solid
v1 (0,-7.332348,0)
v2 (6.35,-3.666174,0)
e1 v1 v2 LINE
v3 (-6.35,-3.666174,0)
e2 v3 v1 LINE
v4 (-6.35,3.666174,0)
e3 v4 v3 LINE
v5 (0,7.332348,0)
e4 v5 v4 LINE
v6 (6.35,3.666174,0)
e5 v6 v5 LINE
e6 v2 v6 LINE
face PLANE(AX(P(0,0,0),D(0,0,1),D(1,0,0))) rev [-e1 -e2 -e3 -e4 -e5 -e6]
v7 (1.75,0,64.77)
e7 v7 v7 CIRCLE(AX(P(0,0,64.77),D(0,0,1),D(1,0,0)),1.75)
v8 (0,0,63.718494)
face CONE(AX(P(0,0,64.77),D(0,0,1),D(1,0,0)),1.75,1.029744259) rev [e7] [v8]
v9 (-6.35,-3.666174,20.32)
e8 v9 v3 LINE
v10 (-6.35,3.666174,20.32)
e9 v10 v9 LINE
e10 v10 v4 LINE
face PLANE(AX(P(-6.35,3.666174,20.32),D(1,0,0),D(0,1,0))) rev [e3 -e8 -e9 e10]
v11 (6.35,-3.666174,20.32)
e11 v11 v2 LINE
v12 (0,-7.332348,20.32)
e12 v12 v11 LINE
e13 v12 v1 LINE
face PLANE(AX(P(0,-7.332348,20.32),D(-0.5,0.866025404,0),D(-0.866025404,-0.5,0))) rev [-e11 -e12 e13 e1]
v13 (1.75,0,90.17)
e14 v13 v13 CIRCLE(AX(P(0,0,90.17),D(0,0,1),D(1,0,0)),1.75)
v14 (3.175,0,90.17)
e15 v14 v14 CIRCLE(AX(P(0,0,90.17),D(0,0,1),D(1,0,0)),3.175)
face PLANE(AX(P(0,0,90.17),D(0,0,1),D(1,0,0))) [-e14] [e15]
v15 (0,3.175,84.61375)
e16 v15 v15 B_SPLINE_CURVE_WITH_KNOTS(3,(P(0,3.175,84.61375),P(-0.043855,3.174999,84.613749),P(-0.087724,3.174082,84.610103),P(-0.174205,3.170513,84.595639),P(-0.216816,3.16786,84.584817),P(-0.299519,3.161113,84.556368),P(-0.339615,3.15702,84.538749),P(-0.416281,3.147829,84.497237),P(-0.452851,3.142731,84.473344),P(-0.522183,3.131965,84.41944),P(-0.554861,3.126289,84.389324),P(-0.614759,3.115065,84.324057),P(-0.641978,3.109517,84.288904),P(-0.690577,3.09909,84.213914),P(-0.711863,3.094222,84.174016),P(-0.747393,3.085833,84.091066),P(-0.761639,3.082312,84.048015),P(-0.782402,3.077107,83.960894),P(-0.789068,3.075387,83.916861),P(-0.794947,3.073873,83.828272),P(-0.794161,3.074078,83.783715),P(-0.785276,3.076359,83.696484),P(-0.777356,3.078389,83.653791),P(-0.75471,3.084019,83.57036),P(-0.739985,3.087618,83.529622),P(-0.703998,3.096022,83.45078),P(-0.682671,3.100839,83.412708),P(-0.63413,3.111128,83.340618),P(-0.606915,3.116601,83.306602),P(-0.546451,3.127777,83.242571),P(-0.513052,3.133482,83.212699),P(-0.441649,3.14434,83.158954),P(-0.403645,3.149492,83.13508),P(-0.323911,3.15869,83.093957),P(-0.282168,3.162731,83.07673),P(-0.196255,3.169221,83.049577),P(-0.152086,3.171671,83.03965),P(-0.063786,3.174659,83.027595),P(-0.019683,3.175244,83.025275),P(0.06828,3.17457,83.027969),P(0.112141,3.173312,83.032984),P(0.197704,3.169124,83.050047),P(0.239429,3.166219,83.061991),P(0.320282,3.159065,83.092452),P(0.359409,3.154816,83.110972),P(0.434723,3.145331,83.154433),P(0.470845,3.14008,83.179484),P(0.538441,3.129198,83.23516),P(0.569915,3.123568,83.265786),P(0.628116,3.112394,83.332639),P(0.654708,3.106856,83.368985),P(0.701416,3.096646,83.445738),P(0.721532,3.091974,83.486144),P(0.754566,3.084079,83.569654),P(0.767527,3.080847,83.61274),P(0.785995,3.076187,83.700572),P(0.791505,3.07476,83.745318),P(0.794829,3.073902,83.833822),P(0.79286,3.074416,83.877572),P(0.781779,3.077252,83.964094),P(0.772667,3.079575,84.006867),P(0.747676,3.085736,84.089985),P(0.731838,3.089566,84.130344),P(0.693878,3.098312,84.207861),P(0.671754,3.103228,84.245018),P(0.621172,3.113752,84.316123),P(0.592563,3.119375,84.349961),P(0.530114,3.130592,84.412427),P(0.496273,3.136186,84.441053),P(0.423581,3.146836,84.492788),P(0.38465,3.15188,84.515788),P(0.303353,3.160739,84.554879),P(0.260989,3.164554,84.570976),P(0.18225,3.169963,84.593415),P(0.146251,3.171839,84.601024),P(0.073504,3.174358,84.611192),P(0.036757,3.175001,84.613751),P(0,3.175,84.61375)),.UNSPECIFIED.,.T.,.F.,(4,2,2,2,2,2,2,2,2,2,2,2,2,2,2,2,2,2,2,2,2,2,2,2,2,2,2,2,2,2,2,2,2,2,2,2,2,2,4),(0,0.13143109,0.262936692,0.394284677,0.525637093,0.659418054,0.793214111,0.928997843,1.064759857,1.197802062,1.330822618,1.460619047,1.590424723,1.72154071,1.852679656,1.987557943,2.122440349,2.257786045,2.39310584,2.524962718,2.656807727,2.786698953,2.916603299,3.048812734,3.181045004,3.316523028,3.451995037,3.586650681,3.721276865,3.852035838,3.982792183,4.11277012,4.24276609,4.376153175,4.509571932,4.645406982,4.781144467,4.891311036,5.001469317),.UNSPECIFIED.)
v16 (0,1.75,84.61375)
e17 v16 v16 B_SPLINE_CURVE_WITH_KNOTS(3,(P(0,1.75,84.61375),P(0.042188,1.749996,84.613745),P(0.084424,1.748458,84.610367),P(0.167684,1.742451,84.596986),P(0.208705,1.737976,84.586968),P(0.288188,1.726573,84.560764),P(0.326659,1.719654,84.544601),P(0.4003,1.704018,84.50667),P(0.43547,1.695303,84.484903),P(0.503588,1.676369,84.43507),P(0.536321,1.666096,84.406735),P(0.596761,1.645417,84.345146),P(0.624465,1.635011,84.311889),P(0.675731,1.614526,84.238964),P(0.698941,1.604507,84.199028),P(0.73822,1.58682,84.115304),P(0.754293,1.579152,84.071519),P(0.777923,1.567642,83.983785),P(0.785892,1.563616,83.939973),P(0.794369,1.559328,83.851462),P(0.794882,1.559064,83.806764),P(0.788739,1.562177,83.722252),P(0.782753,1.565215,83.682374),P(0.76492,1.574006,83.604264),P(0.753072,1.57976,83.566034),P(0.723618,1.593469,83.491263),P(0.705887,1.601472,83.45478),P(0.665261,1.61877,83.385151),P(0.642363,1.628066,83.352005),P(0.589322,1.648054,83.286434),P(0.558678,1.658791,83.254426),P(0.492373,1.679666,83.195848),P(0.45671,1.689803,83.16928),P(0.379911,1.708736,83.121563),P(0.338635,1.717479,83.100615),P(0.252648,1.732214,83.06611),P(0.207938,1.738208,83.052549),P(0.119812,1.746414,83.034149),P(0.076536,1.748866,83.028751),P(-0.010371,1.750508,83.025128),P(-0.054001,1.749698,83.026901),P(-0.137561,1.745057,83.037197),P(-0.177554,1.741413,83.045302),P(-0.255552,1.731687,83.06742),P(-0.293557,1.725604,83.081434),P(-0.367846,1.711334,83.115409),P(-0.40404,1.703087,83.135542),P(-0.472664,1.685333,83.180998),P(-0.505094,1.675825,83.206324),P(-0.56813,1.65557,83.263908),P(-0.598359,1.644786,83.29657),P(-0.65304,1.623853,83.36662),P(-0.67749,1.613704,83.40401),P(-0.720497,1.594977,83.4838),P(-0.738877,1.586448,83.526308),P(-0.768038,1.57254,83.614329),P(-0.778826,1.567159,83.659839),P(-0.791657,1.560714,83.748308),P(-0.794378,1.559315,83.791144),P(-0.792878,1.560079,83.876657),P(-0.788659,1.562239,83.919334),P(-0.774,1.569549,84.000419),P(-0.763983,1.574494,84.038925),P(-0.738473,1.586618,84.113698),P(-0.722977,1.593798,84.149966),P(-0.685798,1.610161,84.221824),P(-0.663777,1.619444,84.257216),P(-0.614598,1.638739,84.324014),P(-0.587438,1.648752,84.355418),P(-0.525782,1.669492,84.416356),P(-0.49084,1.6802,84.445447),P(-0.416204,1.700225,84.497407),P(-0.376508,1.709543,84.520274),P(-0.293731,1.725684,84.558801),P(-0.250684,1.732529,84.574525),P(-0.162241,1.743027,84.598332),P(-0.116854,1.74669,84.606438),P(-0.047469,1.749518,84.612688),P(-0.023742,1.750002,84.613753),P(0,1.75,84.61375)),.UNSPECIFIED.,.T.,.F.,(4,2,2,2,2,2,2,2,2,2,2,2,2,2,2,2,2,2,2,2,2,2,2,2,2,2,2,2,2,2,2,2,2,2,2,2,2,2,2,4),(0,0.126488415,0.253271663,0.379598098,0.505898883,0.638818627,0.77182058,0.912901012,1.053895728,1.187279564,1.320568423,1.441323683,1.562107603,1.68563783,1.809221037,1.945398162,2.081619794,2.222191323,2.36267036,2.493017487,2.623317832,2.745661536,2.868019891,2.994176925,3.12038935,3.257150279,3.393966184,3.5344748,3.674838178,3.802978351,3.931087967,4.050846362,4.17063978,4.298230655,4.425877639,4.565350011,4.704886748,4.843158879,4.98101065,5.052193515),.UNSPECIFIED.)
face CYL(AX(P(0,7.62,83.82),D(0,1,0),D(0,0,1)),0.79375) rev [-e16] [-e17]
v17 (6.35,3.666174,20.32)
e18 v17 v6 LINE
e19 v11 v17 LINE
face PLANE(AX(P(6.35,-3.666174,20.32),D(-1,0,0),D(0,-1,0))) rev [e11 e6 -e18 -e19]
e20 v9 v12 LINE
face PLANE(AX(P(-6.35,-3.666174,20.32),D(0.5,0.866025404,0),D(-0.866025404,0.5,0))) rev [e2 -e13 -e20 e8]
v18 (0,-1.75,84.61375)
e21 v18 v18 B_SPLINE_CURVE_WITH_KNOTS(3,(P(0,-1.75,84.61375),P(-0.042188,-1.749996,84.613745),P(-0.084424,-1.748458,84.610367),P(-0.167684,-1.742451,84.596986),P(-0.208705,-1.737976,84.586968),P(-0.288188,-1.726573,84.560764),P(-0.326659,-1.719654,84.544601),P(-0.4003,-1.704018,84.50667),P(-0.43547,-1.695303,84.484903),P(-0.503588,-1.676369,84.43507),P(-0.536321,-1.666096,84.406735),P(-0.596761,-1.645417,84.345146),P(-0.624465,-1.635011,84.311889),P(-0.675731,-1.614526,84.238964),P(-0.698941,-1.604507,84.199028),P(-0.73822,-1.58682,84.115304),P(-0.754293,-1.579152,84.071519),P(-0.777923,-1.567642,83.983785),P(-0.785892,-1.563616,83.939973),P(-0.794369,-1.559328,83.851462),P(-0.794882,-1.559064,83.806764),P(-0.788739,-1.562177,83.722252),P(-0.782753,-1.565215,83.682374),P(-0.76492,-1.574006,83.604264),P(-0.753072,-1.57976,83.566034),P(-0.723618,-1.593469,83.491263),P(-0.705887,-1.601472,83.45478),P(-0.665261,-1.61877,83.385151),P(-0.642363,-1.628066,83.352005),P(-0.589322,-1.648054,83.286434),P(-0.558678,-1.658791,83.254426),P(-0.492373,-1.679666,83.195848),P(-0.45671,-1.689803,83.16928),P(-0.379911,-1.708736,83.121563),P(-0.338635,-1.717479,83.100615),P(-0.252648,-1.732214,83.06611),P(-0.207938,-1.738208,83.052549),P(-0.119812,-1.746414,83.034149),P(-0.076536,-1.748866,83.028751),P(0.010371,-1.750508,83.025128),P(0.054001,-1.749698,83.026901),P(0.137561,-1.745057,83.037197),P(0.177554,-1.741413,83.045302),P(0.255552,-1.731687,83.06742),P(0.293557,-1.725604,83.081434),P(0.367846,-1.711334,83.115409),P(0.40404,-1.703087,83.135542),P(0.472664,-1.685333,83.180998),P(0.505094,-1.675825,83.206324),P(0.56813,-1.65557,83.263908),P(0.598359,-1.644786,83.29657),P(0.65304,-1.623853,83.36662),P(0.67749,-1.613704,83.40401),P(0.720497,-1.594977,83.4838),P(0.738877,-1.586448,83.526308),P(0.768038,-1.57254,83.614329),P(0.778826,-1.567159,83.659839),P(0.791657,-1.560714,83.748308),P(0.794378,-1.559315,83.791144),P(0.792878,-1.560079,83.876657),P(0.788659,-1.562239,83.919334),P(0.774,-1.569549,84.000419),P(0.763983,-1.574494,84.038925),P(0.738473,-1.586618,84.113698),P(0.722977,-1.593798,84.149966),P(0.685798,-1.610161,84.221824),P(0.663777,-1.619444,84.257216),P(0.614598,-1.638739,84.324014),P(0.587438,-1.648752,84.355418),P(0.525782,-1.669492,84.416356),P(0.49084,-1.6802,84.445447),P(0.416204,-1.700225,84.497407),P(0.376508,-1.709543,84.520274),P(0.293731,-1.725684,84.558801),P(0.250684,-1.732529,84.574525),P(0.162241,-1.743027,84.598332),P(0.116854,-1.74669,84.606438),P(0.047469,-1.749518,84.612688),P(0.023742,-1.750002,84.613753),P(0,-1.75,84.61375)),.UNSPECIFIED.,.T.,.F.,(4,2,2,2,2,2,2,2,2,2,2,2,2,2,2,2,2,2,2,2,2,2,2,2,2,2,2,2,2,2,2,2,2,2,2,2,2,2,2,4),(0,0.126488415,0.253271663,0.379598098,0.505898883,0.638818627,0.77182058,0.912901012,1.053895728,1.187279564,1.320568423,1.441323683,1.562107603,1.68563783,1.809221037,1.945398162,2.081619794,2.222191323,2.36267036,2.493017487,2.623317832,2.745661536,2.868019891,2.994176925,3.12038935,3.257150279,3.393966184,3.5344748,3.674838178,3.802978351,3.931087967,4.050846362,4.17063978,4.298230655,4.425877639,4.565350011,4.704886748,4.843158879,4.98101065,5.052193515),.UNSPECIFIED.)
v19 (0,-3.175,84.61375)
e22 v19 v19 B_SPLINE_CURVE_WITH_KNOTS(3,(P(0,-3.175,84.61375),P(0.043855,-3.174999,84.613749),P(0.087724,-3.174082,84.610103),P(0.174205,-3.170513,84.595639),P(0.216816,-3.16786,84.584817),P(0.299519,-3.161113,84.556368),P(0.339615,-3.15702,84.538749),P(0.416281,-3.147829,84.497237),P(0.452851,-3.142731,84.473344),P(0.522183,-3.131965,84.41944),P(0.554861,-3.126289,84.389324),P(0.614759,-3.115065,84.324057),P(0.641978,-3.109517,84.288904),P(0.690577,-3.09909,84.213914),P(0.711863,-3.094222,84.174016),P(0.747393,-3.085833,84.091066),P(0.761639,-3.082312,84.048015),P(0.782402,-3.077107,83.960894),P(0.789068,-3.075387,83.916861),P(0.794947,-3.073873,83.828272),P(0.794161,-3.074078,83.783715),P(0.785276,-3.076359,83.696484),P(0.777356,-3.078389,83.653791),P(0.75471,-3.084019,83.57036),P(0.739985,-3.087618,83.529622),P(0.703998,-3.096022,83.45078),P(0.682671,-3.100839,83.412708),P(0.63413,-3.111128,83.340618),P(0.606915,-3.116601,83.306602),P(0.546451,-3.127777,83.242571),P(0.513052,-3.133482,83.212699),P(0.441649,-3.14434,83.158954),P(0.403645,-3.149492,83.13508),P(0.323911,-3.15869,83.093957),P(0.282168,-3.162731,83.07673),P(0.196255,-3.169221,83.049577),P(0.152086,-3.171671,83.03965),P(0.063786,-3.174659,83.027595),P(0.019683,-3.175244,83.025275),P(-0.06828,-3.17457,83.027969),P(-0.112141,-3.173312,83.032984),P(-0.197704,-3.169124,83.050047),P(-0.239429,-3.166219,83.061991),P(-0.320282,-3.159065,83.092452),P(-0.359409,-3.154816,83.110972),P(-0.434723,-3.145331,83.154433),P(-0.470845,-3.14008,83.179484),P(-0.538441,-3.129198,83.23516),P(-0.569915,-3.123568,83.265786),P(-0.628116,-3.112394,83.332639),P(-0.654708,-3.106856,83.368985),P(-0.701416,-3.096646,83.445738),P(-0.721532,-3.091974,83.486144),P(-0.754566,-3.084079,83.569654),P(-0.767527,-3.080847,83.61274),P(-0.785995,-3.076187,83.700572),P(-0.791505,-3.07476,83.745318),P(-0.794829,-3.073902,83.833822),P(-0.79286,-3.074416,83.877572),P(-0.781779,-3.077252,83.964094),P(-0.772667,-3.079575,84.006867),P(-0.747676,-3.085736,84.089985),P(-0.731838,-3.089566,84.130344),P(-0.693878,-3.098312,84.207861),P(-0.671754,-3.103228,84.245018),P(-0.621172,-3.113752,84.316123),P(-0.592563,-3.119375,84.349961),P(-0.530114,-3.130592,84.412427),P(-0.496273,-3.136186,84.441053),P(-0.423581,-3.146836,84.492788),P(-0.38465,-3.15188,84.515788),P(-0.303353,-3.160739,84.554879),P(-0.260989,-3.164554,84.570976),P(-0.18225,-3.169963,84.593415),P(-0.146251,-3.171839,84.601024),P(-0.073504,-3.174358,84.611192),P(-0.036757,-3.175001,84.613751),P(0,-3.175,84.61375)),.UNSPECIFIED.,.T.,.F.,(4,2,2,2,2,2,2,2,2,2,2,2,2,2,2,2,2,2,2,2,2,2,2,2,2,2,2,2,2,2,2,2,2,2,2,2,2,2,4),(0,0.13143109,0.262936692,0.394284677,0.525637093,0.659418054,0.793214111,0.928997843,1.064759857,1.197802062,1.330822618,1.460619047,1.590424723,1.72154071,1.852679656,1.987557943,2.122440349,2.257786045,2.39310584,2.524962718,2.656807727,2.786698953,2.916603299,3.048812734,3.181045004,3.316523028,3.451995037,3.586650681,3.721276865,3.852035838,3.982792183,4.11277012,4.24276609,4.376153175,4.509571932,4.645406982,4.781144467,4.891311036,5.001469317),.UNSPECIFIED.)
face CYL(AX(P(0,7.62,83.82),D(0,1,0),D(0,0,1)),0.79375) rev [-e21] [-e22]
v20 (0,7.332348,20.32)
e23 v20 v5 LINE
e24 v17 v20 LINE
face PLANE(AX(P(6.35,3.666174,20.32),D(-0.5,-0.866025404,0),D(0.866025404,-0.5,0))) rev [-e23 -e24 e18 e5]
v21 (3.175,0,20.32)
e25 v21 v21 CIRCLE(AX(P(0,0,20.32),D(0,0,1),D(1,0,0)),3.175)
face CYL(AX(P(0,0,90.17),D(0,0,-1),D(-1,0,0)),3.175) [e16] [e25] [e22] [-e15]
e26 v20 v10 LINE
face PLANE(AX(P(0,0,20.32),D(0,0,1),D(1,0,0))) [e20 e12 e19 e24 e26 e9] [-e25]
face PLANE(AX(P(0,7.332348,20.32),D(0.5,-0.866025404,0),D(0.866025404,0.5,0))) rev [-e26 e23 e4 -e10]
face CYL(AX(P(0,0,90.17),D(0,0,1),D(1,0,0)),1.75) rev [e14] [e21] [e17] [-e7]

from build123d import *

# Parameters (mm, degrees)
BOSS_EXTRUDE1_DEPTH            = 20.32
SKETCH2_R                      = 3.175
BOSS_EXTRUDE2_DEPTH            = 69.85
F_3_5_3_5_DIAMETER_HOLE1_D     = 3.5
F_3_5_3_5_DIAMETER_HOLE1_DEPTH = 25.4
F_3_5_3_5_DIAMETER_HOLE1_TIP   = 1.051506083
F_1_16_0_0625_DIAMETER_HOLE1_D = 1.5875


with BuildPart() as part:
    # Sketch1 → Boss-Extrude1 (new body)
    with BuildSketch(Plane.XY):
        Polygon((0, 7.332348419), (-6.35, 3.666174209), (-6.35, -3.666174209), (0, -7.332348419), (6.35, -3.666174209), (6.35, 3.666174209), align=None)
    extrude(amount=BOSS_EXTRUDE1_DEPTH)

    # Sketch2 → Boss-Extrude2 (add)
    with BuildSketch(Plane.XY.offset(20.32)):
        Circle(SKETCH2_R)
    extrude(amount=BOSS_EXTRUDE2_DEPTH)

    # Ø3.5 (3.5) Diameter Hole1
    with Locations(Plane.XY.offset(90.17)):
        with Locations((0, 0)):
            Hole(F_3_5_3_5_DIAMETER_HOLE1_D / 2, depth=F_3_5_3_5_DIAMETER_HOLE1_DEPTH)
            with Locations((0, 0, -(F_3_5_3_5_DIAMETER_HOLE1_DEPTH + F_3_5_3_5_DIAMETER_HOLE1_TIP / 2))):  # 118° drill point
                Cone(0, F_3_5_3_5_DIAMETER_HOLE1_D / 2, F_3_5_3_5_DIAMETER_HOLE1_TIP, mode=Mode.SUBTRACT)

    # 1/16 (0.0625) Diameter Hole1 (through all)
    with Locations(Plane(origin=(0, 7.62, 0), x_dir=(1, 0, 0), z_dir=(0, 1, 0))):
        with Locations((0, -83.82)):
            Hole(F_1_16_0_0625_DIAMETER_HOLE1_D / 2)


solid = part.part
